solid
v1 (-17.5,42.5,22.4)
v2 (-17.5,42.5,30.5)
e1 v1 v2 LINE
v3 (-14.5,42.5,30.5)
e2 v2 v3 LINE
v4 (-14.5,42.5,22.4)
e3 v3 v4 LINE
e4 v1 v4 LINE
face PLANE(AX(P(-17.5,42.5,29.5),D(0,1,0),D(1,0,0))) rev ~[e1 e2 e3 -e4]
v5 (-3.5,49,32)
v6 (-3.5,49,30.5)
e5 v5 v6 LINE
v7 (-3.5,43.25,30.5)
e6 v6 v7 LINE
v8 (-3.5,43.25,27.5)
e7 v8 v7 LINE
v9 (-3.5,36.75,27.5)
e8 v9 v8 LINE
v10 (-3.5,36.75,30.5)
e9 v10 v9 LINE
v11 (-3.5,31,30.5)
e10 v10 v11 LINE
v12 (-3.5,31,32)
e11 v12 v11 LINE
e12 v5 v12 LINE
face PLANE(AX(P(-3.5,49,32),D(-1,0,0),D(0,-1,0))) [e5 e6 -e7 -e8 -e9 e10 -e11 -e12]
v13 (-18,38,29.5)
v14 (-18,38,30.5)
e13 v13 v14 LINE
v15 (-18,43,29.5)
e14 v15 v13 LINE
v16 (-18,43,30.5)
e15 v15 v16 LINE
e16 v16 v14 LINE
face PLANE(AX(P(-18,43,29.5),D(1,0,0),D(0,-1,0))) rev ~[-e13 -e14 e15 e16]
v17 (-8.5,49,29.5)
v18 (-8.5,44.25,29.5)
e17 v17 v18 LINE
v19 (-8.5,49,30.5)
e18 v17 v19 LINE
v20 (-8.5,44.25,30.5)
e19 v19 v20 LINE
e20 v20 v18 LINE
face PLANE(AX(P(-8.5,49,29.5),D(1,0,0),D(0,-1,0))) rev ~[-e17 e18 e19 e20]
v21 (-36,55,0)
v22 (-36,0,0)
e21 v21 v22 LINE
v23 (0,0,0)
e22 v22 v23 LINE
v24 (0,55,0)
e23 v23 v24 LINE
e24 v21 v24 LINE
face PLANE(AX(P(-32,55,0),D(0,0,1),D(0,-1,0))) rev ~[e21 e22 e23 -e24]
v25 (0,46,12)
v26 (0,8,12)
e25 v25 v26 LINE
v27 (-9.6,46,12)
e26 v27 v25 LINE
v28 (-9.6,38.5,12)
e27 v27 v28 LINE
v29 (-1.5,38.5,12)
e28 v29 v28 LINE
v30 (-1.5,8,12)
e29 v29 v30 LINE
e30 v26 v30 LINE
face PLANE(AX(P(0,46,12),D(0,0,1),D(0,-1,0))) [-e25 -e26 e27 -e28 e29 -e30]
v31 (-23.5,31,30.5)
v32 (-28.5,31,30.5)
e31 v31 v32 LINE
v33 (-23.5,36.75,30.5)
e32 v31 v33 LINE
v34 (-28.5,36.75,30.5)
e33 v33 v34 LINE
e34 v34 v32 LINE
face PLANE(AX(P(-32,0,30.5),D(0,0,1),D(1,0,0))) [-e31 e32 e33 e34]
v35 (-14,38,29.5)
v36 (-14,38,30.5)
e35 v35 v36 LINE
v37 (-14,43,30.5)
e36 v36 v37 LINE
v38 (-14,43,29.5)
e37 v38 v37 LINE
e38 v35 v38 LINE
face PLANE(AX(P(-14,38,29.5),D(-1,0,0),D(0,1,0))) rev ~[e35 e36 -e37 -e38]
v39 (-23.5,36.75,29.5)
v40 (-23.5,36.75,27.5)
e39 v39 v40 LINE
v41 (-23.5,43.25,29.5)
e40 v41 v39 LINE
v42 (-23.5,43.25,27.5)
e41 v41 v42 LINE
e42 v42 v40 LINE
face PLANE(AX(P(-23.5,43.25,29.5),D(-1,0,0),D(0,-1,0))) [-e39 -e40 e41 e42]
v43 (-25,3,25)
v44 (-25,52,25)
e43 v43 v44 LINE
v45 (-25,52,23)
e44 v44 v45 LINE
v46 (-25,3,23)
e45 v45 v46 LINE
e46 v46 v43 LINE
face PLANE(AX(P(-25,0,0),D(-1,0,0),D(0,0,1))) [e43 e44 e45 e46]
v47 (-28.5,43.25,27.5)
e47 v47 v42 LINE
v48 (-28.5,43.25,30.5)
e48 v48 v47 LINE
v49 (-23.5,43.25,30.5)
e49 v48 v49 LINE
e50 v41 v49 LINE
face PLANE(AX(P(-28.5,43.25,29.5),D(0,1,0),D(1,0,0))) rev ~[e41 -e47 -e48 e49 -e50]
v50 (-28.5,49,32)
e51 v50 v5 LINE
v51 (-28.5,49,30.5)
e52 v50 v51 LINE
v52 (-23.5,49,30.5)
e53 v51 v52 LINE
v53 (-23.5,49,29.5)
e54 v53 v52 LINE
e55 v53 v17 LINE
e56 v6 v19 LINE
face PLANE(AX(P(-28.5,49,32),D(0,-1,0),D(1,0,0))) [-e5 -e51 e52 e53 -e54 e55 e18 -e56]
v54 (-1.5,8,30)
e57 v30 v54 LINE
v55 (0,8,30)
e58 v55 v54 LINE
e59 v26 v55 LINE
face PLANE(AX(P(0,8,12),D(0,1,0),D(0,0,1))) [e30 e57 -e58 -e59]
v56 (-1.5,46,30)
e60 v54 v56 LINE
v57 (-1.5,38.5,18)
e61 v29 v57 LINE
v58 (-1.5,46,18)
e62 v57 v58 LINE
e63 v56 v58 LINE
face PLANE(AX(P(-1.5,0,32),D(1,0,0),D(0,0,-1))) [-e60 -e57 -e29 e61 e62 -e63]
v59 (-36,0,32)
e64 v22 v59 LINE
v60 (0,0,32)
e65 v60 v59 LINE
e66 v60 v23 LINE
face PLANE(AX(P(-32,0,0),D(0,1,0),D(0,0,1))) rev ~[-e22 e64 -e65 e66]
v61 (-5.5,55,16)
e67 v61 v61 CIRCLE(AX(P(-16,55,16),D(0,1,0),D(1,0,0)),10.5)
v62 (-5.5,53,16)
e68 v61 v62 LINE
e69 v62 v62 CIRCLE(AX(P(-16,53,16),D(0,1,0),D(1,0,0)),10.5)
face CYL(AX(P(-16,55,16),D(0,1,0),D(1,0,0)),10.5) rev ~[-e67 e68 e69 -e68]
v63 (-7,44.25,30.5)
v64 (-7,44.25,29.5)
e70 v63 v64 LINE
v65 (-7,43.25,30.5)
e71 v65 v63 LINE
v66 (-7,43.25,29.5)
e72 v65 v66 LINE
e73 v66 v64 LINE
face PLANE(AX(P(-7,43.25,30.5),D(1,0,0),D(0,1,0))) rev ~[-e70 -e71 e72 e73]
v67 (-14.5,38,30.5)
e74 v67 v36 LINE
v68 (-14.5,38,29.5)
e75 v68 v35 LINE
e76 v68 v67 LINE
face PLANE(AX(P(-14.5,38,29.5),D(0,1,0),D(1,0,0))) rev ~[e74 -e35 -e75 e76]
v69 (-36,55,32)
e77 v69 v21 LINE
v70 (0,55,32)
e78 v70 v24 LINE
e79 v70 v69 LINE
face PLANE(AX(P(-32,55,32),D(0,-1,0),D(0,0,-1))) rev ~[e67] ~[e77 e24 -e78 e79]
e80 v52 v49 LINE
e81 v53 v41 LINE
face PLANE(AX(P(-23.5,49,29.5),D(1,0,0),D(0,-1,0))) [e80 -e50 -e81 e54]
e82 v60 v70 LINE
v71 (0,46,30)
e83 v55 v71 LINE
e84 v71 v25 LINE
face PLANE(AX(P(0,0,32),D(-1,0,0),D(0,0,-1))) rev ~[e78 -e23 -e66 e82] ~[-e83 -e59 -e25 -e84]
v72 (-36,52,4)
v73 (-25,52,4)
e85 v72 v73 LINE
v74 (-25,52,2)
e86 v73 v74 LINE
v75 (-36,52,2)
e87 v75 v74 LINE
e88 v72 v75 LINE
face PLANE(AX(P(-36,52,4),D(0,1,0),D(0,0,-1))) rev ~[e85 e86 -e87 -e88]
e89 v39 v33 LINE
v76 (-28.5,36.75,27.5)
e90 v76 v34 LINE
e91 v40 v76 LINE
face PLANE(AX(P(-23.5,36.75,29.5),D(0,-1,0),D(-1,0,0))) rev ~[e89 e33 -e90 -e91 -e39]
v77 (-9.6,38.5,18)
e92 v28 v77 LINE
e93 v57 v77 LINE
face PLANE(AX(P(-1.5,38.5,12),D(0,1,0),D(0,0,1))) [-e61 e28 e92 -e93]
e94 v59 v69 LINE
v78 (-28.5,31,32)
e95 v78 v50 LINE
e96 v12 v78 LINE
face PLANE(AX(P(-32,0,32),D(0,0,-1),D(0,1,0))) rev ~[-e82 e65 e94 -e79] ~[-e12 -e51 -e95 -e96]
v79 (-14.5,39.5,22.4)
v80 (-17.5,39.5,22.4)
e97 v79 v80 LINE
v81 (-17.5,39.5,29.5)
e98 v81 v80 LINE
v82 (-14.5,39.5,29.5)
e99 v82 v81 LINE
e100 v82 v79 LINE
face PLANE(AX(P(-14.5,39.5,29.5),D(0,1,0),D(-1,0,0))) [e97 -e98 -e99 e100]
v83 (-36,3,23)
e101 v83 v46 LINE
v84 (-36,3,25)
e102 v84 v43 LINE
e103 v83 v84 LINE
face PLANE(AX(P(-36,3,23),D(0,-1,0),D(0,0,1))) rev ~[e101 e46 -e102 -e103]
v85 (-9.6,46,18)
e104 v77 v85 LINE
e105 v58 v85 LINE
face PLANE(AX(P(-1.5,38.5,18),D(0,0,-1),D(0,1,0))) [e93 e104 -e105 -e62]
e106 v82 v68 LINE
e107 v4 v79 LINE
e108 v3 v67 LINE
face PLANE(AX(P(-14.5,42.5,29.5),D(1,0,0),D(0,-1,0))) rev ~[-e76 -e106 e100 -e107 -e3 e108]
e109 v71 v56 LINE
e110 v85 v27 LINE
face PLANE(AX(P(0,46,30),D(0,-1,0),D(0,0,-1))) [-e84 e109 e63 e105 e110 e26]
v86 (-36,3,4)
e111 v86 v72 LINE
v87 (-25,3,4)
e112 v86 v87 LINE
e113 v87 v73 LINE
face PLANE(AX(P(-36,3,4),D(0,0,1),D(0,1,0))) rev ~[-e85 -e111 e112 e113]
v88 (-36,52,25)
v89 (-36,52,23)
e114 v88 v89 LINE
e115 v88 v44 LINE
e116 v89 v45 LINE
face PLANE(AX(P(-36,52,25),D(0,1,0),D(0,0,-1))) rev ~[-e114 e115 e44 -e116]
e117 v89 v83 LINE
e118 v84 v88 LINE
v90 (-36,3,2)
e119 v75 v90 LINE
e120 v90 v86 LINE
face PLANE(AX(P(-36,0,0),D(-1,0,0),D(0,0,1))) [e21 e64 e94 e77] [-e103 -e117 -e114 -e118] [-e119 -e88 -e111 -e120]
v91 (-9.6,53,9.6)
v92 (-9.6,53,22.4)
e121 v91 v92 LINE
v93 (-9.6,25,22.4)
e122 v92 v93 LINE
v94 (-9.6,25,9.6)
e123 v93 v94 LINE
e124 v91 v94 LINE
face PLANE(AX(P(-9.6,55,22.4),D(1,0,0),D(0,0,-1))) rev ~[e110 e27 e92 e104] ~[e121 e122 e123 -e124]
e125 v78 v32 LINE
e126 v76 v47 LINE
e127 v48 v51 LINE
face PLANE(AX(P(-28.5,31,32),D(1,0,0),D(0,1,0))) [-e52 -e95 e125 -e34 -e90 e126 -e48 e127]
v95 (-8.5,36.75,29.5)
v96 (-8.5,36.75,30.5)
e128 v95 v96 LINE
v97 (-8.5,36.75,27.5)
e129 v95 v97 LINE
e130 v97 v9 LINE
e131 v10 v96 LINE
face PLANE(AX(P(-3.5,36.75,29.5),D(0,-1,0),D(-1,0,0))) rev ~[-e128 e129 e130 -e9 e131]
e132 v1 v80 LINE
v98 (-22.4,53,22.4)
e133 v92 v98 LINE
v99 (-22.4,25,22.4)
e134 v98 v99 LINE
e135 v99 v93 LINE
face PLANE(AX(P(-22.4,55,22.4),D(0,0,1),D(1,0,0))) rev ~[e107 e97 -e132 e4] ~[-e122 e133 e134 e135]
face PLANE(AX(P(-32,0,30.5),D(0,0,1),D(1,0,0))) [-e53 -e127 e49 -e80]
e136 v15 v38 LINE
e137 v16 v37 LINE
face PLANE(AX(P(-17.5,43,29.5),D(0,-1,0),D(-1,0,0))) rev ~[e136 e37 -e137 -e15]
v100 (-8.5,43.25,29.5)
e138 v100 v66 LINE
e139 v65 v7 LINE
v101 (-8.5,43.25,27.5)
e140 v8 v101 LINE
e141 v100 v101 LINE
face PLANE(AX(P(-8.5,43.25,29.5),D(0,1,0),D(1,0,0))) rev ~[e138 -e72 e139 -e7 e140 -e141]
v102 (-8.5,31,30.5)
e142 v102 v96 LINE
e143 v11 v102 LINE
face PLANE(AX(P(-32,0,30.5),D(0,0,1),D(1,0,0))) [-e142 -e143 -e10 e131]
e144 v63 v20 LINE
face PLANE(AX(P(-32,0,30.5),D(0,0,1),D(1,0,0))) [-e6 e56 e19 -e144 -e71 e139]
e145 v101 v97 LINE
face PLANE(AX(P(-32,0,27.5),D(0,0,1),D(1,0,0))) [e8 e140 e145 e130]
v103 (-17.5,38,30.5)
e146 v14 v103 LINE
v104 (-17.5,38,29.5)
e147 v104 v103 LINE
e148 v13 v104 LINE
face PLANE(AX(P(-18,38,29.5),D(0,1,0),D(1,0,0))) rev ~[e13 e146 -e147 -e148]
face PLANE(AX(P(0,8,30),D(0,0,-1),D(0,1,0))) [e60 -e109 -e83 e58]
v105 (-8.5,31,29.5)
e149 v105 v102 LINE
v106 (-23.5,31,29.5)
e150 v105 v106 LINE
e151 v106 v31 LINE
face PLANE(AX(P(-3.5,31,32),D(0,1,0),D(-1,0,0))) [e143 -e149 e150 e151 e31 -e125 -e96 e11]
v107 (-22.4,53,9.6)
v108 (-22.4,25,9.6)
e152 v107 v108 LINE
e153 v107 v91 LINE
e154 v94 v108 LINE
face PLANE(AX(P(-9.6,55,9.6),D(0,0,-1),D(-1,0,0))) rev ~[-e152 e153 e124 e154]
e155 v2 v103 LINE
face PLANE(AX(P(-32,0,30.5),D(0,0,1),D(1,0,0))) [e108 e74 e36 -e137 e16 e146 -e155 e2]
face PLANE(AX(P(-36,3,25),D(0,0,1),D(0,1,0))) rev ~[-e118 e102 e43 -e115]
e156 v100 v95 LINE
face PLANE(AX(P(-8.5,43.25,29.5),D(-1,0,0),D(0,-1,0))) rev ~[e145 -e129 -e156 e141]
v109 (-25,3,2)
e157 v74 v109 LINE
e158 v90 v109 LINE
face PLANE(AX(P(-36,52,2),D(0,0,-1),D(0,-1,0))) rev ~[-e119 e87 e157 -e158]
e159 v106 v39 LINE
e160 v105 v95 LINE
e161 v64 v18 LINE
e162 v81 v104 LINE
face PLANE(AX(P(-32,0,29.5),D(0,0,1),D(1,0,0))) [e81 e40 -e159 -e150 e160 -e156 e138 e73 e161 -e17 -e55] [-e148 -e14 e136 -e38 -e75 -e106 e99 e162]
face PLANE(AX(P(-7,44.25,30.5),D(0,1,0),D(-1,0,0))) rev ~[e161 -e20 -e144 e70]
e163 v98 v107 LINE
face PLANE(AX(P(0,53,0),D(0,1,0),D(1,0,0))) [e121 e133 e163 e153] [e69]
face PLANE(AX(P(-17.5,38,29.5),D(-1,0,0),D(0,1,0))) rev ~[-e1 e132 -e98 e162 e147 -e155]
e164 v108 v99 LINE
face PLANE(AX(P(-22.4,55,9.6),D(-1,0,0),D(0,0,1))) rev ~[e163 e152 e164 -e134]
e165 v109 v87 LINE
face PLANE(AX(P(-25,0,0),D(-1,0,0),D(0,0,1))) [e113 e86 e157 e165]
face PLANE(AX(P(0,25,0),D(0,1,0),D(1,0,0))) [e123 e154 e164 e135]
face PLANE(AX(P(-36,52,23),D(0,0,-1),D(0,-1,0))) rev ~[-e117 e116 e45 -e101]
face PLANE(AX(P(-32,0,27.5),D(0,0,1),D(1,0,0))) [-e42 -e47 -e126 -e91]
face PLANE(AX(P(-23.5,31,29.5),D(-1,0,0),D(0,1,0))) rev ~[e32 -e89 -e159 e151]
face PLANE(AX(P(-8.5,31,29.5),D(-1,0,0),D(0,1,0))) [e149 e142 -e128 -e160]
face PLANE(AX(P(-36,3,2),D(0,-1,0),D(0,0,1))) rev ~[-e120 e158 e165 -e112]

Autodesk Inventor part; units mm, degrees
ref_plane "YZ Plane" through (0, 0, 0) normal (1, 0, 0) x (0, 1, 0)
ref_plane "XZ Plane" through (0, 0, 0) normal (0, 1, 0) x (-1, 0, 0)
ref_plane "XY Plane" through (0, 0, 0) normal (0, 0, 1) x (1, 0, 0)
sketch "Sketch1" plane through (0, 0, 0) normal (0, 1, 0) x (-1, 0, 0)
  line L0 (32, 32) -> (0, 32)
  line L1 (0, 32) -> (0, 0)
  line L2 (0, 0) -> (32, 0)
  line L3 (32, 0) -> (32, 32)
extrude "Extrusion1" add sketch "Sketch1" along normal blind 55
sketch "Sketch2" plane through (0, 55, 0) normal (0, 1, 0) x (1, 0, 0)
  line L0 (-9.6, -9.6) -> (-22.4, -9.6)
  line L1 (-22.4, -9.6) -> (-22.4, -22.4)
  line L2 (-22.4, -22.4) -> (-9.6, -22.4)
  line L3 (-9.6, -22.4) -> (-9.6, -9.6)
  point P0 (0, 0)
extrude "Extrusion2" cut sketch "Sketch2" against normal blind 30
sketch "Sketch3" plane through (-32, 0, 32) normal (0, 0, 1) x (1, 0, 0)
  line L0 (3.5, 49) -> (28.5, 49)
  line L1 (28.5, 49) -> (28.5, 31)
  line L2 (28.5, 31) -> (3.5, 31)
  line L3 (3.5, 31) -> (3.5, 49)
  line L4 (3.5, 49) -> (3.5, 43.25)
  line L5 (3.5, 36.75) -> (3.5, 43.25)
  line L6 (28.5, 49) -> (28.5, 43.25)
  line L7 (28.5, 36.75) -> (28.5, 43.25)
  line L8 (3.5, 43.25) -> (3.5, 36.75)
  line L9 (28.5, 43.25) -> (28.5, 36.75)
  point P0 (32, 0)
extrude "Extrusion3" cut sketch "Sketch3" against normal blind 2.5
sketch "Sketch4" plane through (-32, 0, 29.5) normal (0, 0, 1) x (1, 0, 0)
  line L0 (3.5, 49) -> (28.5, 49) projected
  line L1 (3.5, 49) -> (3.5, 43.25)
  line L2 (28.5, 31) -> (3.5, 31) projected
  line L3 (3.5, 36.75) -> (3.5, 31)
  line L4 (3.5, 31) -> (28.5, 31)
  line L5 (28.5, 31) -> (28.5, 36.75)
  line L6 (28.5, 49) -> (28.5, 31) projected
  line L7 (28.5, 43.25) -> (28.5, 49)
  line L8 (28.5, 49) -> (3.5, 49)
  point P0 (32, 0)
sketch "Sketch5" plane through (-32, 0, 29.5) normal (0, 0, 1) x (1, 0, 0)
  line L0 (3.5, 43.25) -> (8.5, 43.25)
  line L1 (8.5, 43.25) -> (8.5, 36.75)
  line L2 (8.5, 36.75) -> (3.5, 36.75)
  line L3 (3.5, 36.75) -> (3.5, 43.25)
  point P0 (32, 0)
sketch "Sketch6" plane through (-32, 0, 29.5) normal (0, 0, 1) x (1, 0, 0)
  line L0 (28.5, 43.25) -> (23.5, 43.25)
  line L1 (23.5, 43.25) -> (23.5, 36.75)
  line L2 (23.5, 36.75) -> (28.5, 36.75)
  line L3 (28.5, 36.75) -> (28.5, 43.25)
  point P0 (32, 0)
extrude "Extrusion4" cut sketch "Sketch5" against normal blind 2
extrude "Extrusion5" cut sketch "Sketch6" against normal blind 2
sketch "Sketch7" plane through (-32, 0, 29.5) normal (0, 0, 1) x (1, 0, 0)
  line L0 (3.5, 43.25) -> (8.5, 43.25) projected
  line L1 (3.5, 43.25) -> (3.5, 49) projected
  line L2 (8.5, 43.25) -> (3.5, 43.25)
  line L3 (3.5, 43.25) -> (3.5, 49)
  line L4 (3.5, 49) -> (8.5, 49)
  line L5 (8.5, 49) -> (8.5, 43.25)
  point P0 (32, 0)
sketch "Sketch8" plane through (-32, 0, 29.5) normal (0, 0, 1) x (1, 0, 0)
  line L0 (8.5, 36.75) -> (3.5, 36.75) projected
  line L1 (28.5, 31) -> (3.5, 31) projected
  line L2 (8.5, 36.75) -> (3.5, 36.75)
  line L3 (3.5, 36.75) -> (3.5, 31)
  line L4 (3.5, 31) -> (8.5, 31)
  line L5 (8.5, 31) -> (8.5, 36.75)
  point P0 (32, 0)
sketch "Sketch9" plane through (-32, 0, 29.5) normal (0, 0, 1) x (1, 0, 0)
  line L0 (28.5, 36.75) -> (23.5, 36.75) projected
  line L1 (28.5, 31) -> (3.5, 31) projected
  line L2 (23.5, 36.75) -> (28.5, 36.75)
  line L3 (28.5, 36.75) -> (28.5, 31)
  line L4 (28.5, 31) -> (23.5, 31)
  line L5 (23.5, 31) -> (23.5, 36.75)
  point P0 (32, 0)
sketch "Sketch10" plane through (-32, 0, 29.5) normal (0, 0, 1) x (1, 0, 0)
  line L0 (23.5, 43.25) -> (28.5, 43.25) projected
  line L1 (28.5, 49) -> (28.5, 43.25) projected
  line L2 (23.5, 43.25) -> (28.5, 43.25)
  line L3 (28.5, 43.25) -> (28.5, 49)
  line L4 (28.5, 49) -> (23.5, 49)
  line L5 (23.5, 49) -> (23.5, 43.25)
  point P0 (32, 0)
extrude "Extrusion6" add sketch "Sketch7" along normal blind 1
extrude "Extrusion7" add sketch "Sketch8" along normal blind 1
extrude "Extrusion8" add sketch "Sketch9" along normal blind 1
extrude "Extrusion9" add sketch "Sketch10" along normal blind 1
sketch "Sketch11" plane through (-32, 0, 30.5) normal (0, 0, 1) x (1, 0, 0)
  line L0 (23.5, 43.25) -> (28.5, 43.25) projected
  line L1 (23.5, 43.25) -> (25, 43.25)
  line L2 (25, 43.25) -> (25, 44.25)
  line L3 (25, 44.25) -> (23.5, 44.25)
  line L4 (23.5, 44.25) -> (23.5, 43.25)
  point P0 (32, 0)
extrude "Extrusion10" cut sketch "Sketch11" against normal blind 1
sketch "Sketch12" plane through (-32, 0, 29.5) normal (0, 0, 1) x (1, 0, 0)
  line L0 (8.5, 49) -> (8.5, 43.25) projected
  line L1 (23.5, 31) -> (8.5, 31) projected
  line L2 (23.5, 49) -> (23.5, 44.25) projected
  point P0 (32, 0)
sketch "Sketch13" plane through (-32, 0, 29.5) normal (0, 0, 1) x (1, 0, 0)
  point P0 (32, 0)
sketch "Sketch14" plane through (-32, 0, 29.5) normal (0, 0, 1) x (1, 0, 0)
  line L0 (23.5, 44.25) -> (23.5, 49) projected
  line L1 (23.5, 49) -> (17.5, 49)
  line L2 (14.5, 43) -> (17.5, 43)
  line L3 (17.5, 38) -> (18, 38)
  line L4 (18, 38) -> (18, 43)
  line L5 (18, 43) -> (14, 43)
  line L6 (14, 43) -> (14, 38)
  line L7 (14, 38) -> (14.5, 38)
  line L8 (14.5, 38) -> (14.5, 42)
  line L9 (3.5, 43.25) -> (8.5, 43.25) projected
  line L10 (14.5, 42) -> (14.5, 42.5)
  line L11 (14.5, 42.5) -> (17.5, 42.5)
  line L12 (17.5, 42.5) -> (17.5, 38)
  point P0 (32, 0)
extrude "Extrusion11" add sketch "Sketch14" along normal blind 1
sketch "Sketch15" plane through (-32, 0, 29.5) normal (0, 0, 1) x (1, 0, 0)
  line L0 (14.5, 42.5) -> (14.5, 38) projected
  line L1 (14.5, 42.5) -> (17.5, 42.5)
  line L2 (17.5, 42.5) -> (17.5, 39.5)
  line L3 (17.5, 39.5) -> (14.5, 39.5)
  line L4 (14.5, 39.5) -> (14.5, 42.5)
  point P0 (32, 0)
extrude "Extrusion12" cut sketch "Sketch15" against normal blind 7.1
sketch "Sketch16" plane through (-32, 0, 32) normal (0, 0, 1) x (1, 0, 0)
  point P0 (32, 0)
sketch "Sketch17" plane through (0, 0, 32) normal (1, 0, 0) x (0, 0, -1)
  line L0 (2, 46) -> (20, 46)
  line L1 (20, 46) -> (20, 8)
  line L2 (20, 8) -> (2, 8)
  line L3 (2, 8) -> (2, 46)
  point P0 (32, 0)
extrude "Extrusion13" cut sketch "Sketch17" against normal blind 1.5
sketch "Sketch18" plane through (-1.5, 0, 32) normal (1, 0, 0) x (0, 0, -1)
  line L0 (20, 38.5) -> (14, 38.5)
  line L1 (14, 38.5) -> (14, 46)
  line L2 (14, 46) -> (20, 46)
  line L3 (20, 46) -> (20, 38.5)
  point P0 (32, 0)
extrude "Extrusion14" cut sketch "Sketch18" against normal blind 8.1
sketch "Sketch19" plane through (0, 55, 0) normal (0, 1, 0) x (1, 0, 0)
  circle A0 centre (-16, -16) radius 10.5
  point P0 (0, 0)
sketch "Sketch20" plane through (0, 55, 0) normal (0, 1, 0) x (1, 0, 0)
  point P0 (0, 0)
extrude "Extrusion15" cut sketch "Sketch19" against normal blind 2
sketch "Sketch21" plane through (-32, 0, 0) normal (-1, 0, 0) x (0, 0, 1)
  line L0 (32, 0) -> (32, 55) projected
  line L1 (0, 0) -> (32, 0)
  line L2 (32, 0) -> (32, 55)
  line L3 (32, 55) -> (0, 55)
  line L4 (0, 55) -> (0, 0)
extrude "Extrusion16" add sketch "Sketch21" along normal blind 4
sketch "Sketch22" plane through (-36, 0, 0) normal (-1, 0, 0) x (0, 0, 1)
  line L0 (2, 3) -> (4, 3)
  line L1 (4, 3) -> (4, 52)
  line L2 (4, 52) -> (2, 52)
  line L3 (2, 52) -> (2, 3)
  line L4 (23, 3) -> (25, 3)
  line L5 (25, 3) -> (25, 52)
  line L6 (25, 52) -> (23, 52)
  line L7 (23, 52) -> (23, 3)
  point P0 (0, 0)
extrude "Extrusion17" cut sketch "Sketch22" against normal blind 11
properties part number "Cuvette Holder v2_3DPrint"
